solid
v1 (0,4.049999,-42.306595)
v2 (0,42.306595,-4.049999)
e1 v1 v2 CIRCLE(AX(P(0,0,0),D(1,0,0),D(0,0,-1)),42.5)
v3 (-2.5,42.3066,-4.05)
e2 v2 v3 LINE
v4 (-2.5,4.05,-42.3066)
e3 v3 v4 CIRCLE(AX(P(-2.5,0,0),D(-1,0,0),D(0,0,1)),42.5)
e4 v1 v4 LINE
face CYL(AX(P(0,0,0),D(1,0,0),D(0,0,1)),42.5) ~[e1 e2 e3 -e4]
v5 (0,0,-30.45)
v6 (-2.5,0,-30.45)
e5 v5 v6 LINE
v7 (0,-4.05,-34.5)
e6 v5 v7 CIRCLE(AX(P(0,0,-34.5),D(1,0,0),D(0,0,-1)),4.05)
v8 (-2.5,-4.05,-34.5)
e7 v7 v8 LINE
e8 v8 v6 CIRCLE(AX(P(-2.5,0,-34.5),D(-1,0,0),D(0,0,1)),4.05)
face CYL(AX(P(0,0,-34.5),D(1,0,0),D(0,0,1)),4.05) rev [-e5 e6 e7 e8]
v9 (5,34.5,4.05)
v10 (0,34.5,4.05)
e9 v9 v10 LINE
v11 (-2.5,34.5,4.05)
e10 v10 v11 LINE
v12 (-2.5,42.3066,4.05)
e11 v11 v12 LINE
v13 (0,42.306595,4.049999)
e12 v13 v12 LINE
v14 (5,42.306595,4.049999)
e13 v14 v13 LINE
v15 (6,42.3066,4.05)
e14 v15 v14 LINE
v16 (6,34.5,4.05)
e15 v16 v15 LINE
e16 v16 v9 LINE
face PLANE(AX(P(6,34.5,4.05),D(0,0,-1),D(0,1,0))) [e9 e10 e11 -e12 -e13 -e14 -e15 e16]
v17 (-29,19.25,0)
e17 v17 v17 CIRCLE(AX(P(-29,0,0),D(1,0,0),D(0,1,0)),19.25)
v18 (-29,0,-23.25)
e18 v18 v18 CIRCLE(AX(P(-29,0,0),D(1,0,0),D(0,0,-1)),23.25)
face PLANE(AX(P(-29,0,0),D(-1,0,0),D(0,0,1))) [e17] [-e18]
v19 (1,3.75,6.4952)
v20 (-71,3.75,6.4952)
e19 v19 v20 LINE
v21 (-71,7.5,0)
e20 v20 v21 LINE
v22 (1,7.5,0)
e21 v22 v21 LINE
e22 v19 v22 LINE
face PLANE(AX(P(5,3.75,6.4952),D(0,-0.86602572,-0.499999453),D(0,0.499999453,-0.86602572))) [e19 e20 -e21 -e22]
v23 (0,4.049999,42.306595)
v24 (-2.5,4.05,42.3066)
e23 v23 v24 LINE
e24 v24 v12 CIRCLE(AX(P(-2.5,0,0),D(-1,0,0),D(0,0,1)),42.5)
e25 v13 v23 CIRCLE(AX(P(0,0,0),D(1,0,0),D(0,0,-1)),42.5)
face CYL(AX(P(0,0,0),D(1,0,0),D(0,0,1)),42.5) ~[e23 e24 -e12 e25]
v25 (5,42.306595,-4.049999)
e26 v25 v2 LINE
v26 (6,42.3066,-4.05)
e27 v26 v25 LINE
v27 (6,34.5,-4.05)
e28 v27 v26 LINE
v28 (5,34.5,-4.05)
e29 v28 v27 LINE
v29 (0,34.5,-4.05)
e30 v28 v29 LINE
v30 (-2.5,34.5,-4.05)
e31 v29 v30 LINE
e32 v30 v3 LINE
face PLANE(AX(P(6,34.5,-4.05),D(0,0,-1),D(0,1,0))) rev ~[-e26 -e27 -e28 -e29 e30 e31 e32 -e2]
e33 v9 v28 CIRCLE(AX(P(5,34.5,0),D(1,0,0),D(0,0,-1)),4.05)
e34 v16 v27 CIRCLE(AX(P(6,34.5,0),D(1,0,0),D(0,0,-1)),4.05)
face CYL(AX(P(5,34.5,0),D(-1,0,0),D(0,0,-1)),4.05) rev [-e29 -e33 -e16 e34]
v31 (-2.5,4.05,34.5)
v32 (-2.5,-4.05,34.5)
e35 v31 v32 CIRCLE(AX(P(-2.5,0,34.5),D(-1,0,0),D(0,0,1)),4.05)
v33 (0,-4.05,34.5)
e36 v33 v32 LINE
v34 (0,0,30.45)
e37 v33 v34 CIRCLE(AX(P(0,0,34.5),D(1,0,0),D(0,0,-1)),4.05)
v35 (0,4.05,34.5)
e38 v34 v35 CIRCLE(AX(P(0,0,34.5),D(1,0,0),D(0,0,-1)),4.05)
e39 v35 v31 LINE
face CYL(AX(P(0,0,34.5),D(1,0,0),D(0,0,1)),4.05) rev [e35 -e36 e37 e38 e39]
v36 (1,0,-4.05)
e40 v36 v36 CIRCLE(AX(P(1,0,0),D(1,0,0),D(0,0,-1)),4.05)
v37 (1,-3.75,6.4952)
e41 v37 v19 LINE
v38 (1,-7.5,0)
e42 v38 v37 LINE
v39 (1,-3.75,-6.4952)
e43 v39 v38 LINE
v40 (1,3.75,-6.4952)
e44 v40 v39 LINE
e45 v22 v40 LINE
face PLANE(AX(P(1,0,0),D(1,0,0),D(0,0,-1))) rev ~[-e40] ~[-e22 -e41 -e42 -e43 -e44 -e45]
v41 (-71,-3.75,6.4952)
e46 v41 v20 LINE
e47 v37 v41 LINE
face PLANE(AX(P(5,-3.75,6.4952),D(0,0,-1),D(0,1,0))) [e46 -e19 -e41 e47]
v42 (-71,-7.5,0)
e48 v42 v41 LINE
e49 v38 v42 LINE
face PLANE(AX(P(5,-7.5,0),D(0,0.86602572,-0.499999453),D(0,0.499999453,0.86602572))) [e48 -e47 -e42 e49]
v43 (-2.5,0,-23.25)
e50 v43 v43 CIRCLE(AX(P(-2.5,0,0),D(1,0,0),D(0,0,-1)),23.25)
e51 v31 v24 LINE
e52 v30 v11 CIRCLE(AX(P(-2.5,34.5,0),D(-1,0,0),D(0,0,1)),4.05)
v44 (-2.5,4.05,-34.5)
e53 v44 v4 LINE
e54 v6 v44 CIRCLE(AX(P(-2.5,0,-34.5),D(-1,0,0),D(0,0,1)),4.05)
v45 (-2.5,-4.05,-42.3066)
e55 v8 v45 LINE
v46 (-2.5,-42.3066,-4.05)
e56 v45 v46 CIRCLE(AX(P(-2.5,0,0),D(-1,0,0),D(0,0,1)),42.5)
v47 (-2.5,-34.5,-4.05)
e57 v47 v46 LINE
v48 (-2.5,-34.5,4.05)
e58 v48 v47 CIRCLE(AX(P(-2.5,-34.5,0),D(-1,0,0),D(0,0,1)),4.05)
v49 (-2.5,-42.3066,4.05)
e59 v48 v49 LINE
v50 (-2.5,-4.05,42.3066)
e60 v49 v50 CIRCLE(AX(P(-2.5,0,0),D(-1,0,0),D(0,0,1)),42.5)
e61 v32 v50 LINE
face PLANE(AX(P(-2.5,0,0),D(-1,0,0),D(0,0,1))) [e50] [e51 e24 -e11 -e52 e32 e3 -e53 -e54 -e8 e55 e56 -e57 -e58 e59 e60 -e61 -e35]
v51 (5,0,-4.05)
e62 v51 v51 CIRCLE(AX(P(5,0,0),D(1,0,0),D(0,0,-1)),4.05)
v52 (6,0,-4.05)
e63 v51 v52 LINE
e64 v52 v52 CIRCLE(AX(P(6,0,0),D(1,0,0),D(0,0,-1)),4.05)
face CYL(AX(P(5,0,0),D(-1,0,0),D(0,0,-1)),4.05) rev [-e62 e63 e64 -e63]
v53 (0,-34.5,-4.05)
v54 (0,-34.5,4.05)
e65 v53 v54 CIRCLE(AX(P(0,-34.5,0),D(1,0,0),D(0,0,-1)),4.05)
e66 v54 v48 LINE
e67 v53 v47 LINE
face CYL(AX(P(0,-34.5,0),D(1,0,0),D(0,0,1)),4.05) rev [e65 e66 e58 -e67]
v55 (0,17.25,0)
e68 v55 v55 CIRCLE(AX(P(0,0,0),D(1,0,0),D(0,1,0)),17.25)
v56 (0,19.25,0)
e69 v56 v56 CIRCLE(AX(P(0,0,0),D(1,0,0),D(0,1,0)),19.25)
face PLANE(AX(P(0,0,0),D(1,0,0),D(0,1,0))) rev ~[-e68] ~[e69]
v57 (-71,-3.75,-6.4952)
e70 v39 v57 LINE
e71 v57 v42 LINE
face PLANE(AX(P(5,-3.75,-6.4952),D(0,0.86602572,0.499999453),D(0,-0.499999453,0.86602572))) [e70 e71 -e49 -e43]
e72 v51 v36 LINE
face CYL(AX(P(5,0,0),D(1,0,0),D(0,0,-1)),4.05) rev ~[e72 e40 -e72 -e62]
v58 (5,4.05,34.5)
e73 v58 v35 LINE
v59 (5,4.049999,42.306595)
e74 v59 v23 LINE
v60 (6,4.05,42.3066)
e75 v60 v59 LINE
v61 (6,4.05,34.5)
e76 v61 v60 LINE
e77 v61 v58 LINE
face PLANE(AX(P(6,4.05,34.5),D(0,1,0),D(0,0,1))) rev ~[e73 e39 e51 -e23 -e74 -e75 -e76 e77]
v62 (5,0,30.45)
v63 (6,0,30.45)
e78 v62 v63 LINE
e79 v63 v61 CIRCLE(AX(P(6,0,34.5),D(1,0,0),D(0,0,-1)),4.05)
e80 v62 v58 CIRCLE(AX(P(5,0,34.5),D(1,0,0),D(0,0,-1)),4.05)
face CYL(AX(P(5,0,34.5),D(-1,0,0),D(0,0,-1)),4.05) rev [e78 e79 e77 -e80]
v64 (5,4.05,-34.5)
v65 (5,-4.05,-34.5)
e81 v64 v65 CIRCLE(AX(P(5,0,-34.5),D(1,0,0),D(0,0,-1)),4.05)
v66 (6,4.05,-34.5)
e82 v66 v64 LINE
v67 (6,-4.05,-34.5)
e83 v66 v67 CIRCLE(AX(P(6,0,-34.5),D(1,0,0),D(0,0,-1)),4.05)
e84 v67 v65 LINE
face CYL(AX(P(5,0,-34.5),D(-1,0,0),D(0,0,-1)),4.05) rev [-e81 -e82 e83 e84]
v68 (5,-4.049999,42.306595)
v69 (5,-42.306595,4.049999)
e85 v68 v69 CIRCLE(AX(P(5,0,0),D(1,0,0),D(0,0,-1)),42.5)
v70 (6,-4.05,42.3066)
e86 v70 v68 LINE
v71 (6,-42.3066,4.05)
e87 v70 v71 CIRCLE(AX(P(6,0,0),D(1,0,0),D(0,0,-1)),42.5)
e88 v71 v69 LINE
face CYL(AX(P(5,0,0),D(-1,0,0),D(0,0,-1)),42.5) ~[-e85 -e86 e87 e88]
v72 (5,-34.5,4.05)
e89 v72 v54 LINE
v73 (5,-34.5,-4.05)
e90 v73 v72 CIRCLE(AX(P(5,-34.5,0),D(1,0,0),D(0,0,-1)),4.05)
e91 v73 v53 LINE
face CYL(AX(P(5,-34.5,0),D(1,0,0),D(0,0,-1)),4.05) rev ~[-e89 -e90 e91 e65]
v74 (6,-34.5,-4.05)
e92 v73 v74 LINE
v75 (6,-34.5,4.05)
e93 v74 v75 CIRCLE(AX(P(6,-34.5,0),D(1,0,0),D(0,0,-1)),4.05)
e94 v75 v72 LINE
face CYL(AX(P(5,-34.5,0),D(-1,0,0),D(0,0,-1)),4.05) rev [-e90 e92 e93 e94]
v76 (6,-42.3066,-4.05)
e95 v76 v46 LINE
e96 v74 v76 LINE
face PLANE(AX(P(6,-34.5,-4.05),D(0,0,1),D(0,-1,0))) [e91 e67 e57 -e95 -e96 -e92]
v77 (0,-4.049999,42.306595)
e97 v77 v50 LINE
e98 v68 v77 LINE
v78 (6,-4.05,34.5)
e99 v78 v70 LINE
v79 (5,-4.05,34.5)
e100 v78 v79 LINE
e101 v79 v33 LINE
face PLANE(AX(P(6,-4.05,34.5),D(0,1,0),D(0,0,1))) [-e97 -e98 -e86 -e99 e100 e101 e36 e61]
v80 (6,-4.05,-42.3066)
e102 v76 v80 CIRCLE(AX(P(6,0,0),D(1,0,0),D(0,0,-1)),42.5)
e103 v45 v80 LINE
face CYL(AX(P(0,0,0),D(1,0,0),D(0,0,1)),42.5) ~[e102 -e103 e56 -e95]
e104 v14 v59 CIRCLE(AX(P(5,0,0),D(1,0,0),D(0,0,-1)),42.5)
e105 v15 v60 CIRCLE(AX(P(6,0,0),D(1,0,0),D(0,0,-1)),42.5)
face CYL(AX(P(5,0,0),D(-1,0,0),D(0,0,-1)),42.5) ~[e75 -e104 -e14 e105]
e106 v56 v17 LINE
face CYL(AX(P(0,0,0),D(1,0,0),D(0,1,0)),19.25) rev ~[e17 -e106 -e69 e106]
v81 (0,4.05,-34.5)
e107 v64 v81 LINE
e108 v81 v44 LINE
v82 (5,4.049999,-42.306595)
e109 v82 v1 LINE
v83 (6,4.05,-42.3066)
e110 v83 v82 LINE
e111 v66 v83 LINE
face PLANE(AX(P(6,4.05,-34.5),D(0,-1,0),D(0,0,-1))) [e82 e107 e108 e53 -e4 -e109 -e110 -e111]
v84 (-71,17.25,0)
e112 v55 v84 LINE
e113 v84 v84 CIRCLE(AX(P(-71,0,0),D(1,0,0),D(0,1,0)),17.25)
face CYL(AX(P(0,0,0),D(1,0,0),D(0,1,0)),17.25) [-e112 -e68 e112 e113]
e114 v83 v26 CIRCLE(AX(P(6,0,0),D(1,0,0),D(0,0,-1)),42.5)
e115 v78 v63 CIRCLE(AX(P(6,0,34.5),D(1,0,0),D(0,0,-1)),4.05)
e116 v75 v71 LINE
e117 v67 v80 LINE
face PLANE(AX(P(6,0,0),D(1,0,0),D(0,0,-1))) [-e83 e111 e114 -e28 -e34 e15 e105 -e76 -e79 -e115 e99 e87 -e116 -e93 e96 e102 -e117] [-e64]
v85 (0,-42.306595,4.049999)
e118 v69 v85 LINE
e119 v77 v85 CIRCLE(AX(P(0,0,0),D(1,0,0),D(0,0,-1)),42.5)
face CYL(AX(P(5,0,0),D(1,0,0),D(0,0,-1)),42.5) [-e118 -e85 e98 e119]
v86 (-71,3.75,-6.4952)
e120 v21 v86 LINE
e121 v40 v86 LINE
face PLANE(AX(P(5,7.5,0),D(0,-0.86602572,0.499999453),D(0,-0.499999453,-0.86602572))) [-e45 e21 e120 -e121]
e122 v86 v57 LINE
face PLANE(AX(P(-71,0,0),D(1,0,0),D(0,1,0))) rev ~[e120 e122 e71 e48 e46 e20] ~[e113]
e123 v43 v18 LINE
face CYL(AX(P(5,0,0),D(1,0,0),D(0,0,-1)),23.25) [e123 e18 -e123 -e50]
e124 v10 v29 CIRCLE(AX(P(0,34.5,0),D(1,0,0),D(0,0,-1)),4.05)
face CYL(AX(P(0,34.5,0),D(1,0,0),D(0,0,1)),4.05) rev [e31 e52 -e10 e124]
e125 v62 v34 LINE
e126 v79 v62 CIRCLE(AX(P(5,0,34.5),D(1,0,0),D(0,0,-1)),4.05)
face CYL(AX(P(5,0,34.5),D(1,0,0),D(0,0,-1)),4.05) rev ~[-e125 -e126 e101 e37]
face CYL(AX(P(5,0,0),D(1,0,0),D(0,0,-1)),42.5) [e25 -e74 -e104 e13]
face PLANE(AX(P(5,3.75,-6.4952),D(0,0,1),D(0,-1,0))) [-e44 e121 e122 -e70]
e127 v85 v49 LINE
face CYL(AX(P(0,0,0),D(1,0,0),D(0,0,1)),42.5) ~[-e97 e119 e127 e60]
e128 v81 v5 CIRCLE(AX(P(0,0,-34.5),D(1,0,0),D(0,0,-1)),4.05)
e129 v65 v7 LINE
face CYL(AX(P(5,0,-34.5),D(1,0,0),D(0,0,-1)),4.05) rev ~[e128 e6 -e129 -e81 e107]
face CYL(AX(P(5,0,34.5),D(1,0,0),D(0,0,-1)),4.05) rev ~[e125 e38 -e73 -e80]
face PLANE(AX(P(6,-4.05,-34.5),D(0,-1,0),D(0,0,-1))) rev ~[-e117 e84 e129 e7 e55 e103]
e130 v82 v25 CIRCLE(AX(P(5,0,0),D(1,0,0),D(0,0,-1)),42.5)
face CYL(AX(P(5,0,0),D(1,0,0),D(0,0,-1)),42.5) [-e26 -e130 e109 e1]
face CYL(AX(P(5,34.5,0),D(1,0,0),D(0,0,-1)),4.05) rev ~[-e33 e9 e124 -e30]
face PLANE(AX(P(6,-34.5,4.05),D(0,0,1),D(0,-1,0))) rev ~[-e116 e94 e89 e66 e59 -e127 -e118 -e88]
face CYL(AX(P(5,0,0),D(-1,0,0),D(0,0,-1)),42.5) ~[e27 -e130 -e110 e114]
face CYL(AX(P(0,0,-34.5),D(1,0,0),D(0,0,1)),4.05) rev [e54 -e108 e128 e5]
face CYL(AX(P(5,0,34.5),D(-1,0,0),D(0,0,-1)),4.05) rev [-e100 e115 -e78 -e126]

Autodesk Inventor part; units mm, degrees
ref_plane "YZ Plane" through (0, 0, 0) normal (1, 0, 0) x (0, 1, 0)
ref_plane "XZ Plane" through (0, 0, 0) normal (0, 1, 0) x (-1, 0, 0)
sketch "Sketch1" plane through (0, 0, 0) normal (1, 0, 0) x (0, 1, 0)
  circle A0 centre (0, 0) radius 19.25
  circle A1 centre (0, 0) radius 17.25
  circle A2 centre (0, 0) radius 22.25
  dimension "d0" = 38.5
  dimension "d1" = 34.5
  dimension "d6" = 44.5
extrude "Extrusion1" add sketch "Sketch1" along normal blind 5 contours A0 | A1 | A2
extrude "Extrusion2" add sketch "Sketch1" against normal blind 71 contours A1
extrude "Extrusion3" add sketch "Sketch1" against normal blind 34 contours A2
sketch "Sketch2" plane through (5, 0, 0) normal (1, 0, 0) x (0, 0, -1)
  line L0 (0, -7.5) -> (-6.4952, -3.75)
  line L1 (-6.4952, -3.75) -> (-6.4952, 3.75)
  line L2 (-6.4952, 3.75) -> (0, 7.5)
  line L3 (0, 7.5) -> (6.4952, 3.75)
  line L4 (6.4952, 3.75) -> (6.4952, -3.75)
  line L5 (6.4952, -3.75) -> (0, -7.5)
extrude "Extrusion4" cut sketch "Sketch2" against normal through all
sketch "Sketch3" plane through (-34, 0, 0) normal (-1, 0, 0) x (0, 0, 1)
  circle A0 centre (0, 0) radius 42.5
  circle A1 centre (0, 0) radius 22.25 projected
  dimension "d12" = 85
extrude "Extrusion5" add sketch "Sketch3" against normal blind 5
sketch "Sketch4" plane through (5, 0, 0) normal (1, 0, 0) x (0, 0, -1)
  line L0 (0, -7.5) -> (-6.4952, -3.75) projected
  line L1 (-6.4952, -3.75) -> (-6.4952, 3.75) projected
  line L2 (-6.4952, 3.75) -> (0, 7.5) projected
  line L3 (0, 7.5) -> (6.4952, 3.75) projected
  line L4 (6.4952, 3.75) -> (6.4952, -3.75) projected
  line L5 (6.4952, -3.75) -> (0, -7.5) projected
  circle A0 centre (0, 0) radius 4.05
  dimension "d15" = 8.1
extrude "Extrusion6" add sketch "Sketch4" against normal blind 4
ref_plane "Work Plane1" through (-29, 0, 0) normal (1, 0, 0) x (0, 0, -1)
sketch "Sketch5" plane through (-29, 0, 0) normal (1, 0, 0) x (0, 0, -1)
  line L0 (0, 0) -> (34.5, 0)
  circle A0 centre (34.5, 0) radius 4.05
  circle A1 centre (0, 34.5) radius 4.05
  circle A2 centre (-34.5, 0) radius 4.05
  circle A3 centre (0, -34.5) radius 4.05
  dimension "d19" = 34.5
  dimension "d20" = 8.1
  dimension "d23" = 360
extrude "Extrusion7" cut sketch "Sketch5" against normal up to surface (5 mm away)
sketch "Sketch6" plane through (5, 0, 0) normal (1, 0, 0) x (0, 0, -1)
  circle A0 centre (0, 0) radius 22.25 projected
  circle A1 centre (0, 0) radius 23.25
  dimension "d27" = 46.5
extrude "Extrusion8" add sketch "Sketch6" against normal up to surface (34 mm away)
sketch "Sketch7" plane through (5, 0, 0) normal (1, 0, 0) x (0, 0, -1)
  circle A0 centre (0, 0) radius 23.25 projected
  circle A1 centre (0, -34.5) radius 4.05 projected
  circle A2 centre (0, 34.5) radius 4.05 projected
  circle A3 centre (34.5, 0) radius 4.05 projected
  circle A4 centre (-34.5, 0) radius 4.05 projected
  circle A5 centre (0, 0) radius 42.5 projected
extrude "Extrusion9" add sketch "Sketch7" against normal blind 5
sketch "Sketch8" plane through (-34, 0, 0) normal (-1, 0, 0) x (0, 0, 1)
  circle A0 centre (0, -34.5) radius 4.05 projected
  circle A1 centre (0, 34.5) radius 4.05 projected
  circle A2 centre (-34.5, 0) radius 4.05 projected
  circle A3 centre (34.5, 0) radius 4.05 projected
  circle A4 centre (0, 0) radius 42.5 projected
  circle A5 centre (0, 0) radius 19.25 projected
extrude "Extrusion10" cut sketch "Sketch8" against normal up to surface (5 mm away)
sketch "Sketch9" plane through (5, 0, 0) normal (1, 0, 0) x (0, 0, -1)
  circle A0 centre (0, -34.5) radius 4.05 projected
  circle A1 centre (0, 34.5) radius 4.05 projected
  circle A2 centre (34.5, 0) radius 4.05 projected
  circle A3 centre (-34.5, 0) radius 4.05 projected
  circle A4 centre (0, 0) radius 42.5 projected
  circle A5 centre (0, 0) radius 4.05 projected
extrude "Extrusion11" add sketch "Sketch9" along normal blind 1
sketch "Sketch10" plane through (0, 0, 0) normal (-1, 0, 0) x (0, 0, 1)
  circle A0 centre (0, 0) radius 42.5 projected
  circle A1 centre (34.5, 0) radius 4.05 projected
  circle A2 centre (-34.5, 0) radius 4.05 projected
  circle A3 centre (0, 34.5) radius 4.05 projected
  circle A4 centre (0, -34.5) radius 4.05 projected
  circle A5 centre (0, 0) radius 23.25 projected
extrude "Extrusion12" add sketch "Sketch10" along normal blind 2.5
sketch "Sketch11" plane through (6, 0, 0) normal (1, 0, 0) x (0, 0, -1)
  circle A0 centre (0, 34.5) radius 4.05 projected
  line L0 (-4.05, 34.5) -> (-4.05, 42.3066)
  line L1 (4.05, 34.5) -> (4.05, 42.3066)
  circle A1 centre (0, 0) radius 42.5 projected
  arc A2 (4.05, 34.5) -> (-4.05, 34.5) centre (0, 34.5) ccw
  circle A3 centre (0, 0) radius 4.05 projected
  arc A4 (4.05, 42.3066) -> (-4.05, 42.3066) centre (0, 0) ccw
  line L2 (-34.5, -4.05) -> (-42.3066, -4.05)
  line L3 (-34.5, 4.05) -> (-42.3066, 4.05)
  arc A5 (-34.5, 4.05) -> (-34.5, -4.05) centre (-34.5, 0) ccw
  arc A6 (-42.3066, 4.05) -> (-42.3066, -4.05) centre (0, 0) ccw
  line L4 (4.05, -34.5) -> (4.05, -42.3066)
  line L5 (-4.05, -34.5) -> (-4.05, -42.3066)
  arc A7 (-4.05, -34.5) -> (4.05, -34.5) centre (0, -34.5) ccw
  arc A8 (-4.05, -42.3066) -> (4.05, -42.3066) centre (0, 0) ccw
  line L6 (34.5, 4.05) -> (42.3066, 4.05)
  line L7 (34.5, -4.05) -> (42.3066, -4.05)
  arc A9 (34.5, -4.05) -> (34.5, 4.05) centre (34.5, 0) ccw
  arc A10 (42.3066, -4.05) -> (42.3066, 4.05) centre (0, 0) ccw
  dimension "d40" = 360
extrude "Extrusion13" cut sketch "Sketch11" against normal up to surface (8.5 mm away) contours A0 L0 A1 L1 | A1 L7 A9 L6 | L3 A5 L2 A1 | L5 A7 L4 A1
sketch "Sketch12" plane through (1, 0, 0) normal (-1, 0, 0) x (0, 0, 1)
  point P0 (0, 0)
properties part number "wheel_adapter_inner"
